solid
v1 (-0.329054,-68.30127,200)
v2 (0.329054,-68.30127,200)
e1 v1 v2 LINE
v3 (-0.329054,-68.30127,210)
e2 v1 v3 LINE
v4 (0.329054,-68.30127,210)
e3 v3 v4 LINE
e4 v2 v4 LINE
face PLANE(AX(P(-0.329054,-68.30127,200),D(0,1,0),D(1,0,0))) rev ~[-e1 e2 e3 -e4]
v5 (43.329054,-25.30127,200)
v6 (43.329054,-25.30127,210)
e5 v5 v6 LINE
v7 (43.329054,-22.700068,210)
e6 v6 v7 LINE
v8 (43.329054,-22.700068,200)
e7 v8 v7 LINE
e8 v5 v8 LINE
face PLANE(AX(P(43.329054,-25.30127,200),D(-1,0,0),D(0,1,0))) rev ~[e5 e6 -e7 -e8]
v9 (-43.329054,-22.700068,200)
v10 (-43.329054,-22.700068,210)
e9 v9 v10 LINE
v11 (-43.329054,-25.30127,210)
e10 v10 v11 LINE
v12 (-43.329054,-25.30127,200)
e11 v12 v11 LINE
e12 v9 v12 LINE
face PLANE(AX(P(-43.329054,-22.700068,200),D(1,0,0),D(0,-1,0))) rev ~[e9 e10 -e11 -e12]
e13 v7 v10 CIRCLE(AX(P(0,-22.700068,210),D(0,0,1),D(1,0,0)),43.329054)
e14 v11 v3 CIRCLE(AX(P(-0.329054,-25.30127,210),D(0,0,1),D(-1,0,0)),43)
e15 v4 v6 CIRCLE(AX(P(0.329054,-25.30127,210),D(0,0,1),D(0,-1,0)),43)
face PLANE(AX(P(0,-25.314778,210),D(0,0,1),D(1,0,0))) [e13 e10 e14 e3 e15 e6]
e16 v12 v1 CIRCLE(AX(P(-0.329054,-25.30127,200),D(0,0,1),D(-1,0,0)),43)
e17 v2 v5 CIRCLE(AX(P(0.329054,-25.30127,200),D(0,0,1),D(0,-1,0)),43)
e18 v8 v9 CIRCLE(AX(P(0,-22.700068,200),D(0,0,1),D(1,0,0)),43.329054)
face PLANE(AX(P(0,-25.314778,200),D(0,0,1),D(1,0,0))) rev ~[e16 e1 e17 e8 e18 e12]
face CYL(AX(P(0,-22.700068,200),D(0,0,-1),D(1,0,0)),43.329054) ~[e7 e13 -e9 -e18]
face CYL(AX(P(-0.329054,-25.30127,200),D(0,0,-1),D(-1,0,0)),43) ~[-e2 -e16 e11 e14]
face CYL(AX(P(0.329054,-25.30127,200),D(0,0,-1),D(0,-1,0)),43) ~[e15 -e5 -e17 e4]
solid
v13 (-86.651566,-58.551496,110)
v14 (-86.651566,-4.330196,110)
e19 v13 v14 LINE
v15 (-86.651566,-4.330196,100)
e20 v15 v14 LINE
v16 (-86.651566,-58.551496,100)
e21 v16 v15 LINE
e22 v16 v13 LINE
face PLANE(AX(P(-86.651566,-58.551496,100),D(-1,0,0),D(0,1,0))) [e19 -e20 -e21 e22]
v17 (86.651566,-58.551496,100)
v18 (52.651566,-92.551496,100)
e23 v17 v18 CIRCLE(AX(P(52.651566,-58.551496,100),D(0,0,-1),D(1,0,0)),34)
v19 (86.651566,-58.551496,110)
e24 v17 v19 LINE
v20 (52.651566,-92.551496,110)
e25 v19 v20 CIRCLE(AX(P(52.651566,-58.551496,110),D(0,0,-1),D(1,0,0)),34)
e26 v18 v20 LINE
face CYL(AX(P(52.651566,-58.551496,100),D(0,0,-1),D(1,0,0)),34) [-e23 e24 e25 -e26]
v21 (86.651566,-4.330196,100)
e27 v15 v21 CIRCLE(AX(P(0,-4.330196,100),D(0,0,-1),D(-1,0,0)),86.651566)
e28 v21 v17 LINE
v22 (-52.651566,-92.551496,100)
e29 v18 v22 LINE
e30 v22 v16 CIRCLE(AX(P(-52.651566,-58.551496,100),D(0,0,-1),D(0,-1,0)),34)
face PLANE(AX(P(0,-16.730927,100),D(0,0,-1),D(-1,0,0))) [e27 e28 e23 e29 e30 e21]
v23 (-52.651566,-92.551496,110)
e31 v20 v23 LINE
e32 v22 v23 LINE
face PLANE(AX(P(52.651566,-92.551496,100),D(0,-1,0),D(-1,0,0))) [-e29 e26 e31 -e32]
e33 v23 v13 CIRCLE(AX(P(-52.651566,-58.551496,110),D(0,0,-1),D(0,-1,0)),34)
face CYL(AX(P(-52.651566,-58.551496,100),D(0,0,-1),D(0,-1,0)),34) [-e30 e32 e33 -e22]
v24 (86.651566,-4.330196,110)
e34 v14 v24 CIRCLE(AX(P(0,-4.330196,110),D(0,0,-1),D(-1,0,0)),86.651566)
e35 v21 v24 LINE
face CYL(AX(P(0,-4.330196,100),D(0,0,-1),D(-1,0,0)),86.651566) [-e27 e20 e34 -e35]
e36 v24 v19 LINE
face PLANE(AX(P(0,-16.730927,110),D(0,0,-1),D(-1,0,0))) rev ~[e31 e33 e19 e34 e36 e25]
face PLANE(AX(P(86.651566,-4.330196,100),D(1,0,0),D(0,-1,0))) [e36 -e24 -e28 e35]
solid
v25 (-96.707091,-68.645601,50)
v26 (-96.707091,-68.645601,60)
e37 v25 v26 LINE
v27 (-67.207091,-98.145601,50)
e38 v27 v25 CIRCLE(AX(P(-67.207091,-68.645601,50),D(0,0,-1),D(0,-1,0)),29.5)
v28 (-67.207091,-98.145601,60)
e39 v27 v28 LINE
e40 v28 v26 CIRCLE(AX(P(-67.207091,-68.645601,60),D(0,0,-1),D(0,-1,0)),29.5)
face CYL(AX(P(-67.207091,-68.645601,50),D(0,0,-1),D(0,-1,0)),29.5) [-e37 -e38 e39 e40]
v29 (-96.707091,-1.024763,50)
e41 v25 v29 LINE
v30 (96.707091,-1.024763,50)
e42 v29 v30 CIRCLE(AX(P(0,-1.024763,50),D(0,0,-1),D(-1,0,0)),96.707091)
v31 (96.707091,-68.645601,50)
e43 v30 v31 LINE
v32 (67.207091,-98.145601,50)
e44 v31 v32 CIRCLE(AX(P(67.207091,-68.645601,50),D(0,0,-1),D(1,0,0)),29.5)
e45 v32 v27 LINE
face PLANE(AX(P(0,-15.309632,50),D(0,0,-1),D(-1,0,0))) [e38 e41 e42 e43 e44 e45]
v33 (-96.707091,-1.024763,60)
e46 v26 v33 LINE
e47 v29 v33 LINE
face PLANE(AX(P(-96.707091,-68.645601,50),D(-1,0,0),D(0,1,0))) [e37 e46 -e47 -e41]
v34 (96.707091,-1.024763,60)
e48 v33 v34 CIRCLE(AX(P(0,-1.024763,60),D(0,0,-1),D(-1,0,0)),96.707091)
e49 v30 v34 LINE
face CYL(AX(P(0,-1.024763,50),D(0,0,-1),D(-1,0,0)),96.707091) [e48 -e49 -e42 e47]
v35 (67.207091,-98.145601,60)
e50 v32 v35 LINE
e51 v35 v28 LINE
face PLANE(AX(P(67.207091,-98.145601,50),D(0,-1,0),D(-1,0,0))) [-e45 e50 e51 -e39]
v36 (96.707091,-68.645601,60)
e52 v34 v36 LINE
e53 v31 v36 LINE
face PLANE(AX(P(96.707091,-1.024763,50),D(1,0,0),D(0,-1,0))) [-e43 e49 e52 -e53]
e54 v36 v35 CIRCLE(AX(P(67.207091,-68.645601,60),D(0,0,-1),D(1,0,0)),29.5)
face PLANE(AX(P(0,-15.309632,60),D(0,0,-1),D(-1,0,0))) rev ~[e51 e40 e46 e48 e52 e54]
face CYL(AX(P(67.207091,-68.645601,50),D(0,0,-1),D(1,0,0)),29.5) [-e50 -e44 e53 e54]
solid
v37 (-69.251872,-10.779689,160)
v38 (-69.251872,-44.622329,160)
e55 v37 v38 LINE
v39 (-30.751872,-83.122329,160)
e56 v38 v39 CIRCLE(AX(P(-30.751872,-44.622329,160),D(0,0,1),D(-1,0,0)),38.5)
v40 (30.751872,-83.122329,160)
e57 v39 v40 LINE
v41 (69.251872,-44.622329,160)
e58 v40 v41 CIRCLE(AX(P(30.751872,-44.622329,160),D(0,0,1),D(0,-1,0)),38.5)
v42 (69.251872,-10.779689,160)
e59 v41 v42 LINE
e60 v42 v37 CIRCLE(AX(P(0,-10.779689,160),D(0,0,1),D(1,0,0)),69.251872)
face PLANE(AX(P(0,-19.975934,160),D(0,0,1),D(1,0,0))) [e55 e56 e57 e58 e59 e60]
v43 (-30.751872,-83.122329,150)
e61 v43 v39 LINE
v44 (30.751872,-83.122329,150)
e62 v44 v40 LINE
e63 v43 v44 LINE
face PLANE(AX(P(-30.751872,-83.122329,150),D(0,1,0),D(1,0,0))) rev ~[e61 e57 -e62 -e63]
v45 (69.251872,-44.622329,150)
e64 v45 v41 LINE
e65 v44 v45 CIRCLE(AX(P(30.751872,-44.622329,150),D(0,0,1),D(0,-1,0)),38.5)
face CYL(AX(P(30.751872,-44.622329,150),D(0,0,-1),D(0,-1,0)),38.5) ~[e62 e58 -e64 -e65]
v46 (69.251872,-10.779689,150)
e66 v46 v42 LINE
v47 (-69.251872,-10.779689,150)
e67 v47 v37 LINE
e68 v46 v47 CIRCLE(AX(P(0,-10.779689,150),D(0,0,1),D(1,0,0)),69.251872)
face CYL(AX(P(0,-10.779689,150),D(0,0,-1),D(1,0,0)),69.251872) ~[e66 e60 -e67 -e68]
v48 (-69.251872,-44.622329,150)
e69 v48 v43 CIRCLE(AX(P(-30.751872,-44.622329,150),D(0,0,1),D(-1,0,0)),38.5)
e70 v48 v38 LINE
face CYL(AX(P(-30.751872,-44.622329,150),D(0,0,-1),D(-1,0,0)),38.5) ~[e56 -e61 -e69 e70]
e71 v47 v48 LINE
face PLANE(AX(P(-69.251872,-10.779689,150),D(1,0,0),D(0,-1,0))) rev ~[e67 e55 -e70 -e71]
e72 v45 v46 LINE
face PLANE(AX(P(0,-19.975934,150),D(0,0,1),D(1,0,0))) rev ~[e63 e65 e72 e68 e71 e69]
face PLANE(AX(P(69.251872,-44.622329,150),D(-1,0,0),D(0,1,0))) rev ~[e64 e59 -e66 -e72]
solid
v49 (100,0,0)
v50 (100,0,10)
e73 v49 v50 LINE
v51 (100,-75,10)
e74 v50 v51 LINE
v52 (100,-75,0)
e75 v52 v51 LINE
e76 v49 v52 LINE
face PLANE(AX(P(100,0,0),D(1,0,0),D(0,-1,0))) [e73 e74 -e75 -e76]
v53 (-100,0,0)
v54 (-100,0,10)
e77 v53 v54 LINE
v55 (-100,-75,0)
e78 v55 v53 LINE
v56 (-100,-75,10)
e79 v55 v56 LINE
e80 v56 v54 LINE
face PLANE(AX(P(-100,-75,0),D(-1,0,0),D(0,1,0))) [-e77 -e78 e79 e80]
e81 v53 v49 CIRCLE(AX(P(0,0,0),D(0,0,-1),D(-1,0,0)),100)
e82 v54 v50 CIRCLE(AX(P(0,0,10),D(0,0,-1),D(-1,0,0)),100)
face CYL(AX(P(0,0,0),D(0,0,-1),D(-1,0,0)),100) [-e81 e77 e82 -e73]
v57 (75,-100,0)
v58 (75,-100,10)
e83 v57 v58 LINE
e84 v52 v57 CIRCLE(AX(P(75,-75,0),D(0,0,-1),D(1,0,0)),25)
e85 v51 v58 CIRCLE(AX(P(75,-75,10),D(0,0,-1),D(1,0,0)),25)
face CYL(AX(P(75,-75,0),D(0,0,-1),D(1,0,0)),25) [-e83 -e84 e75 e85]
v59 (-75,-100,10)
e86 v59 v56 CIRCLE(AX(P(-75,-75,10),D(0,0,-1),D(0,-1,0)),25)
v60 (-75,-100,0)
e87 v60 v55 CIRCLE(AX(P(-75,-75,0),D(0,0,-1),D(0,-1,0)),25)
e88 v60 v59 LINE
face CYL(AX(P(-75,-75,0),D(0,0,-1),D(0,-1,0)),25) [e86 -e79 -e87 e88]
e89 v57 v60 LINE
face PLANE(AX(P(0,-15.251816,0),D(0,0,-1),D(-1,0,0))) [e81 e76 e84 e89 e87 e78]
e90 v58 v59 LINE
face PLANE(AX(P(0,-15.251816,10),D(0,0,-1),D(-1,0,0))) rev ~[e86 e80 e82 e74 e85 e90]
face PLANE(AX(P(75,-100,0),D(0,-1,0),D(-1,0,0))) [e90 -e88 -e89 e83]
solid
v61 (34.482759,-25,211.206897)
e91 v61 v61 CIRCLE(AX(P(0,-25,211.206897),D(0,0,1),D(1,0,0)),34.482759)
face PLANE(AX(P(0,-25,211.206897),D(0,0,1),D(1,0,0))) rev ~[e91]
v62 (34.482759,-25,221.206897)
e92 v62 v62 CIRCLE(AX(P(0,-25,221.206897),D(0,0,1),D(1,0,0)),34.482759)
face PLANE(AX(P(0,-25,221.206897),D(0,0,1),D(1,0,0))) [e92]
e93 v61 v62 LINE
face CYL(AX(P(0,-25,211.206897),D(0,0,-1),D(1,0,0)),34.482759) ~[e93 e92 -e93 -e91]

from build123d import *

# Parameters (mm, degrees)
BOSS_EXTRUDE1_DEPTH = 10
BOSS_EXTRUDE2_DEPTH = 10
BOSS_EXTRUDE3_DEPTH = 10
BOSS_EXTRUDE4_DEPTH = 10
BOSS_EXTRUDE5_DEPTH = 10
SKETCH8_R           = 34.482758621
BOSS_EXTRUDE6_DEPTH = 10


with BuildPart() as part:
    # Sketch1 → Boss-Extrude1 (new body)
    with BuildSketch(Plane.XY):
        with BuildLine():
            Line((100, 0), (100, -75))
            ThreePointArc((100, -75), (92.67766953, -92.67766953), (75, -100))
            Line((75, -100), (-75, -100))
            ThreePointArc((-75, -100), (-92.67766953, -92.67766953), (-100, -75))
            Line((-100, -75), (-100, 0))
            ThreePointArc((-100, 0), (0, 100), (100, 0))
        make_face()
    extrude(amount=BOSS_EXTRUDE1_DEPTH)


with BuildPart() as body_2:
    # Sketch4 → Boss-Extrude2 (new body)
    with BuildSketch(Plane.XY.offset(50)):
        with BuildLine():
            Line((96.707090819, -1.024763326), (96.707090819, -68.645600892))
            ThreePointArc((96.707090819, -68.645600892), (88.066740864, -89.505250937), (67.207090819, -98.145600892))
            Line((67.207090819, -98.145600892), (-67.207090819, -98.145600892))
            ThreePointArc((-67.207090819, -98.145600892), (-88.066740864, -89.505250937), (-96.707090819, -68.645600892))
            Line((-96.707090819, -68.645600892), (-96.707090819, -1.024763326))
            ThreePointArc((-96.707090819, -1.024763326), (0, 95.682327493), (96.707090819, -1.024763326))
        make_face()
    extrude(amount=BOSS_EXTRUDE2_DEPTH)


with BuildPart() as body_3:
    # Sketch5 → Boss-Extrude3 (new body)
    with BuildSketch(Plane.XY.offset(100)):
        with BuildLine():
            Line((86.651566319, -4.330195939), (86.651566319, -58.551496141))
            ThreePointArc((86.651566319, -58.551496141), (76.693196879, -82.593126701), (52.651566319, -92.551496141))
            Line((52.651566319, -92.551496141), (-52.651566319, -92.551496141))
            ThreePointArc((-52.651566319, -92.551496141), (-76.693196879, -82.593126701), (-86.651566319, -58.551496141))
            Line((-86.651566319, -58.551496141), (-86.651566319, -4.330195939))
            ThreePointArc((-86.651566319, -4.330195939), (0, 82.32137038), (86.651566319, -4.330195939))
        make_face()
    extrude(amount=BOSS_EXTRUDE3_DEPTH)


with BuildPart() as body_4:
    # Sketch6 → Boss-Extrude4 (new body)
    with BuildSketch(Plane.XY.offset(150)):
        with BuildLine():
            Line((-30.75187232, -83.122329054), (30.75187232, -83.122329054))
            ThreePointArc((30.75187232, -83.122329054), (57.975483396, -71.84594013), (69.25187232, -44.622329054))
            Line((69.25187232, -44.622329054), (69.25187232, -10.779688657))
            ThreePointArc((69.25187232, -10.779688657), (0, 58.472183663), (-69.25187232, -10.779688657))
            Line((-69.25187232, -10.779688657), (-69.25187232, -44.622329054))
            ThreePointArc((-69.25187232, -44.622329054), (-57.975483396, -71.84594013), (-30.75187232, -83.122329054))
        make_face()
    extrude(amount=BOSS_EXTRUDE4_DEPTH)


with BuildPart() as body_5:
    # Sketch7 → Boss-Extrude5 (new body)
    with BuildSketch(Plane.XY.offset(200)):
        with BuildLine():
            Line((-0.329054315, -68.301270189), (0.329054315, -68.301270189))
            ThreePointArc((0.329054315, -68.301270189), (30.734645906, -55.70686178), (43.329054315, -25.301270189))
            Line((43.329054315, -25.301270189), (43.329054315, -22.700067601))
            ThreePointArc((43.329054315, -22.700067601), (0, 20.628986714), (-43.329054315, -22.700067601))
            Line((-43.329054315, -22.700067601), (-43.329054315, -25.301270189))
            ThreePointArc((-43.329054315, -25.301270189), (-30.734645906, -55.70686178), (-0.329054315, -68.301270189))
        make_face()
    extrude(amount=BOSS_EXTRUDE5_DEPTH)


with BuildPart() as body_6:
    # Sketch8 → Boss-Extrude6 (new body)
    with BuildSketch(Plane.XY.offset(211.206896552)):
        with Locations((0, -25)):
            Circle(SKETCH8_R)
    extrude(amount=BOSS_EXTRUDE6_DEPTH)


solid = Compound([part.part, body_2.part, body_3.part, body_4.part, body_5.part, body_6.part])
